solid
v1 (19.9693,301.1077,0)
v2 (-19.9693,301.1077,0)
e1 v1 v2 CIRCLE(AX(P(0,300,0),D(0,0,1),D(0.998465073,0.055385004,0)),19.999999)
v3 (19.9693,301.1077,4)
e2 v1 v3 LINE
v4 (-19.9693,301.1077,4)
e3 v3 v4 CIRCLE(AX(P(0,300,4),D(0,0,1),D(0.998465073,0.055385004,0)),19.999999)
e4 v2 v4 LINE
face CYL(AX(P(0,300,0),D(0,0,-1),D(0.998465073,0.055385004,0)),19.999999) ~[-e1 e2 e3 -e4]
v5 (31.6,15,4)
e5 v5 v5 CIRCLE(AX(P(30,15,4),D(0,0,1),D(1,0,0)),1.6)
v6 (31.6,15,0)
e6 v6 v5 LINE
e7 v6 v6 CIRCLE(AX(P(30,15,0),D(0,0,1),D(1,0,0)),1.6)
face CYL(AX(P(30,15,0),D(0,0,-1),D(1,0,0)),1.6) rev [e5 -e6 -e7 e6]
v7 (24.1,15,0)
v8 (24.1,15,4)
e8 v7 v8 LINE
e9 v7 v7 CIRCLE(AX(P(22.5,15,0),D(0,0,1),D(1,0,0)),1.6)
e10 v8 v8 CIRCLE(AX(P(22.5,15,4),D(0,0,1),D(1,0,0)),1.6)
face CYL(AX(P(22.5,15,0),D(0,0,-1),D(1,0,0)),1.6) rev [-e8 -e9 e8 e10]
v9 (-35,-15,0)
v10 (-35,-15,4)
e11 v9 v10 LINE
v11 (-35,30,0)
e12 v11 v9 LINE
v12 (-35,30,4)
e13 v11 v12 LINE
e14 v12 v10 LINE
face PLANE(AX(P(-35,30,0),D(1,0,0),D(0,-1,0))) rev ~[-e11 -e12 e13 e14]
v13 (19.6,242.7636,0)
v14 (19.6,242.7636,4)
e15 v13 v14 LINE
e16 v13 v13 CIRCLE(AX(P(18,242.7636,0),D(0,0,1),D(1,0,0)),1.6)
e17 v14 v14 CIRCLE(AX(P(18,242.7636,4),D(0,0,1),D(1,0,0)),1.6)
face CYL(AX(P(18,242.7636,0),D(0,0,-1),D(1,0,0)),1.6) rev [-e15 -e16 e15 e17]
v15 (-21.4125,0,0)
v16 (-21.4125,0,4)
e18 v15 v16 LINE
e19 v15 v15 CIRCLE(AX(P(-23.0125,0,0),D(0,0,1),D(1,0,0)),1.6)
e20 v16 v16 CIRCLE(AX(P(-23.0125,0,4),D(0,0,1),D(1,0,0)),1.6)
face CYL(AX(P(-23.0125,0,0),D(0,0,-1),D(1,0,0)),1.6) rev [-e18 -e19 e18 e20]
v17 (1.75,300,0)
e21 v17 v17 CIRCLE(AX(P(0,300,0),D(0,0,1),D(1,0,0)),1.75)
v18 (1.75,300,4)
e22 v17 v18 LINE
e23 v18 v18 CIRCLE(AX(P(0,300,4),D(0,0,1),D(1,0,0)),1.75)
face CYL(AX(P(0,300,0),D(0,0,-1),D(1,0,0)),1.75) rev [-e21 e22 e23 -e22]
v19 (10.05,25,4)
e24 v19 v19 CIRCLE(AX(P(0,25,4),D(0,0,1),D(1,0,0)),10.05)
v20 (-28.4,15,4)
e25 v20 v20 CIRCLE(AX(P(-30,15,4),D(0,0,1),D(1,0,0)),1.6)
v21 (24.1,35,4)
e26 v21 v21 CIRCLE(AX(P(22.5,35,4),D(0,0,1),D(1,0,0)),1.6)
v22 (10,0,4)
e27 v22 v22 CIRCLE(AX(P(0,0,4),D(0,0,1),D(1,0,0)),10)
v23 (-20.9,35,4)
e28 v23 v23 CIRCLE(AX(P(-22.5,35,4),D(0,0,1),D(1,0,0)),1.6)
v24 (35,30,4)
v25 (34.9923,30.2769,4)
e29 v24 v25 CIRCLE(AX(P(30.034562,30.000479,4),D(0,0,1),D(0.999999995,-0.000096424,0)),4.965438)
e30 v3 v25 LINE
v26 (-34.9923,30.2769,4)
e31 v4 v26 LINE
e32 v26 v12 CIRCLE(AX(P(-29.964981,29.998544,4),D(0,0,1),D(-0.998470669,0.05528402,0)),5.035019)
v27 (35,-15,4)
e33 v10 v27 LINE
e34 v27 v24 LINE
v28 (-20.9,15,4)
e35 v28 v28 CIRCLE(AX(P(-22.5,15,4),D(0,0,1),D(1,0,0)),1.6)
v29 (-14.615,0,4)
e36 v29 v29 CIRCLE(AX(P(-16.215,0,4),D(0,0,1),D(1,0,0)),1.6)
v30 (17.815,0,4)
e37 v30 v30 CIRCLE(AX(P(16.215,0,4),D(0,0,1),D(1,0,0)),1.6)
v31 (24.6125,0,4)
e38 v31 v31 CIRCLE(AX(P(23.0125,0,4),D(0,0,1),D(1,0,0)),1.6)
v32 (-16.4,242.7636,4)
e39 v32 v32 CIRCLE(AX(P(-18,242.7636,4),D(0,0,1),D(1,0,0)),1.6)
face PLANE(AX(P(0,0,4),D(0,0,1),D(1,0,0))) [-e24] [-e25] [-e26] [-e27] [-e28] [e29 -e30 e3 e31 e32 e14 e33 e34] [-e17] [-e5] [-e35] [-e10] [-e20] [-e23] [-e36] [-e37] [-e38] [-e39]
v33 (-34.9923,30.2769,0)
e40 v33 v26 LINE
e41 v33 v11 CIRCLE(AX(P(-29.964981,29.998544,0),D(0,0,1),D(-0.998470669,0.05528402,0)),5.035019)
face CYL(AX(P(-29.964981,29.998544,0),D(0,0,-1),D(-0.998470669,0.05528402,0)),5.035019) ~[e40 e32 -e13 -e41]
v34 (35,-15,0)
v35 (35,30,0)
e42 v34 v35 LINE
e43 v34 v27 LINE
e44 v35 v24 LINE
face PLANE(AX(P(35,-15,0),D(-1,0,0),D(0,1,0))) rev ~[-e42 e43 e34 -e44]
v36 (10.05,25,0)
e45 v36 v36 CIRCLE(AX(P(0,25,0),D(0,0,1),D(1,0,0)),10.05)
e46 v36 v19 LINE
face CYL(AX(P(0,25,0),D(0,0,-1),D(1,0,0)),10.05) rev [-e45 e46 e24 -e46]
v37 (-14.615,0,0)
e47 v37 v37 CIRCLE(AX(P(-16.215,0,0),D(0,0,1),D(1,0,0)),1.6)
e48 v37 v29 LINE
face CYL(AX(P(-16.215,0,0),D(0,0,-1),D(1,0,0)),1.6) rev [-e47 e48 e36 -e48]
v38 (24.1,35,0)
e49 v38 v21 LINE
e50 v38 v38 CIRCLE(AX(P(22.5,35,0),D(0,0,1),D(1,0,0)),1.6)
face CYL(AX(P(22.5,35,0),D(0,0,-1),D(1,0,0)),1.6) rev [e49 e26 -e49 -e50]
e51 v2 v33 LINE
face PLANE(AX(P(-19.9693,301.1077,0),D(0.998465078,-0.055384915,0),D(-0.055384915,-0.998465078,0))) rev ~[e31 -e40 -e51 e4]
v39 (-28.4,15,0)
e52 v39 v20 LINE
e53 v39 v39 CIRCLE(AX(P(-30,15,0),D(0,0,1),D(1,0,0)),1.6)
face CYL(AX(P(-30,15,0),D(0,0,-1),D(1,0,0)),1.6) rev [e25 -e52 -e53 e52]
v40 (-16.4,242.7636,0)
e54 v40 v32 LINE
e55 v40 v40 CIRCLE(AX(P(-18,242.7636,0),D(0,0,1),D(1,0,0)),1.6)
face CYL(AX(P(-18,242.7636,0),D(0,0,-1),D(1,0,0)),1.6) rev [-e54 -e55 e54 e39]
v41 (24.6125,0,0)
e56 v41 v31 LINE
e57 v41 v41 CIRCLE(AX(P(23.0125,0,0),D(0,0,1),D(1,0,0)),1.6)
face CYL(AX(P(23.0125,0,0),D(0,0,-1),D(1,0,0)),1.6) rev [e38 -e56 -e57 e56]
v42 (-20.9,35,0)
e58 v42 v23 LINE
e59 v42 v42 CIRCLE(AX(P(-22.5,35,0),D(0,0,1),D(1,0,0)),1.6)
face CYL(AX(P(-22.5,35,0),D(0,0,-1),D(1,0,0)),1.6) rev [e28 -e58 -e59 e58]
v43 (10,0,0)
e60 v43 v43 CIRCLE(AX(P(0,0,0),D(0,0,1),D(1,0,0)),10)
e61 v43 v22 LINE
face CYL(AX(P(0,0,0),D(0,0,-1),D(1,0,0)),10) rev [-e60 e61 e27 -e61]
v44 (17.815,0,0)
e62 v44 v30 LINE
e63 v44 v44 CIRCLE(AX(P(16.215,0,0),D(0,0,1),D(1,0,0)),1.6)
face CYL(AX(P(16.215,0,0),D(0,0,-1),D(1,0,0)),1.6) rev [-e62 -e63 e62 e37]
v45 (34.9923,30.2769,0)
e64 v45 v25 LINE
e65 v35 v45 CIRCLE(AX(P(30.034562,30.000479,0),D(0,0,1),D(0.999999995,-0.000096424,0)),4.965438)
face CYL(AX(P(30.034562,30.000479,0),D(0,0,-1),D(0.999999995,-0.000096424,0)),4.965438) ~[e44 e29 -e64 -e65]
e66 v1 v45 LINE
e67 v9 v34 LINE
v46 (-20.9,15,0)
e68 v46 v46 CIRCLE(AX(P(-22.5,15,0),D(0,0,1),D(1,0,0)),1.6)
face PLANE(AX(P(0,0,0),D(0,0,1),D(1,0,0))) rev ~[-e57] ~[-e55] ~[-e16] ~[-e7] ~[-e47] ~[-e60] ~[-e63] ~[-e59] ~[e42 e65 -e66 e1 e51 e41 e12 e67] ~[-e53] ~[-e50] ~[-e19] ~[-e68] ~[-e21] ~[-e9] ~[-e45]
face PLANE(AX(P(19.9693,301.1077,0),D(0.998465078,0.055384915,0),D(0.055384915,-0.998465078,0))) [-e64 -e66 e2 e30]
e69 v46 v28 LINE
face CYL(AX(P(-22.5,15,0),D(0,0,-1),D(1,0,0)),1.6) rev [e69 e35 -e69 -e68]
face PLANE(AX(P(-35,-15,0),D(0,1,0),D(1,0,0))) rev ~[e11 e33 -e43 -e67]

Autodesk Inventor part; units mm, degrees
ref_plane "YZ Plane" through (0, 0, 0) normal (1, 0, 0) x (0, 1, 0)
ref_plane "XZ Plane" through (0, 0, 0) normal (0, 1, 0) x (-1, 0, 0)
ref_plane "XY Plane" through (0, 0, 0) normal (0, 0, 1) x (1, 0, 0)
sketch "スケッチ1" plane through (0, 0, 0) normal (0, 0, 1) x (1, 0, 0)
  circle A0 centre (0, 0) radius 50 construction
  circle A1 centre (0, 25) radius 11.9375 construction
  circle A2 centre (0, 300) radius 5 construction
  circle A3 centre (0, 300) radius 47.7465 construction
  line L0 (47.4805, 294.9672) -> (13.1081, -29.3118) construction
  line L1 (-47.4611, 294.7873) -> (-11.8661, -29.3033) construction
  circle A4 centre (0, 25) radius 19.25 construction
  line L2 (-12.0776, 316.763) -> (11.6547, 316.763) construction
  line L3 (-22.6185, -92.0395) -> (22.1946, -92.0395) construction
  circle A5 centre (0, 300) radius 1.75
  arc A6 (35, 30) -> (34.9923, 30.2769) centre (30, 30) ccw
  arc A7 (-34.9923, 30.2769) -> (-35, 30) centre (-30, 30) ccw
  arc A8 (19.9693, 301.1077) -> (-19.9693, 301.1077) centre (0, 300) ccw
  line L4 (-19.9693, 301.1077) -> (-34.9923, 30.2769)
  line L5 (19.9693, 301.1077) -> (34.9923, 30.2769)
  line L6 (-35, 30) -> (-35, -15)
  line L7 (35, -15) -> (35, 30)
  circle A9 centre (-9.1924, 34.1924) radius 1.6 construction
  circle A10 centre (9.1924, 34.1924) radius 1.6 construction
  line L8 (9.1924, 34.1924) -> (-9.1924, 34.1924) construction
  line L9 (-9.1924, 34.1924) -> (-9.1924, 15.8076) construction
  line L10 (-9.1924, 15.8076) -> (9.1924, 15.8076) construction
  line L11 (9.1924, 15.8076) -> (9.1924, 34.1924) construction
  line L12 (9.1924, 34.1924) -> (-9.1924, 15.8076) construction
  line L13 (-9.1924, 34.1924) -> (9.1924, 15.8076) construction
  circle A11 centre (0, 25) radius 13 construction
  circle A12 centre (-9.1924, 15.8076) radius 1.6 construction
  circle A13 centre (9.1924, 15.8076) radius 1.6 construction
  circle A14 centre (0, 25) radius 10.05
  circle A15 centre (0, 0) radius 4 construction
  circle A16 centre (0, 0) radius 10
  line L14 (22.5, 35) -> (-22.5, 35) construction
  line L15 (-22.5, 35) -> (-22.5, 15) construction
  line L16 (-22.5, 15) -> (22.5, 15) construction
  line L17 (22.5, 15) -> (22.5, 35) construction
  line L18 (22.5, 35) -> (-22.5, 15) construction
  line L19 (-22.5, 35) -> (22.5, 15) construction
  circle A17 centre (-22.5, 35) radius 1.6
  circle A18 centre (-22.5, 15) radius 1.6
  circle A19 centre (22.5, 35) radius 1.6
  circle A20 centre (22.5, 15) radius 1.6
  circle A21 centre (0, 0) radius 16.215 construction
  circle A22 centre (0, 0) radius 23.0125 construction
  circle A23 centre (-23.0125, 0) radius 1.6
  circle A24 centre (-16.215, 0) radius 1.6
  circle A25 centre (16.215, 0) radius 1.6
  circle A26 centre (23.0125, 0) radius 1.6
  line L20 (-35, -15) -> (35, -15)
  line L21 (30, 30) -> (-30, 30) construction
  line L22 (-30, 30) -> (-30, -30) construction
  line L23 (-30, -30) -> (30, -30) construction
  line L24 (30, -30) -> (30, 30) construction
  line L25 (30, 30) -> (-30, -30) construction
  line L26 (-30, 30) -> (30, -30) construction
  circle A27 centre (-30, 15) radius 1.6
  circle A28 centre (30, 15) radius 1.6
  circle A29 centre (0, 300) radius 60 construction
  circle A30 centre (-18, 242.7636) radius 1.6
  circle A31 centre (18, 242.7636) radius 1.6
  dimension "d38" = 26
  dimension "d1" = 100
  dimension "d3" = 23.875
  dimension "d8" = 10
  dimension "d9" = 300
  dimension "d10" = 95.493
  dimension "d11" = 38.5
  dimension "d25" = 3.5
  dimension "d26" = 5
  dimension "d28" = 20
  dimension "d29" = 5
  dimension "d35" = 25
  dimension "d36" = 3.2
  dimension "d37" = 3.2
  dimension "d39" = 3.2
  dimension "d40" = 3.2
  dimension "d41" = 20.1
  dimension "d42" = 8
  dimension "d43" = 20
  dimension "d44" = 45
  dimension "d45" = 20
  dimension "d46" = 3.2
  dimension "d47" = 3.2
  dimension "d48" = 3.2
  dimension "d49" = 3.2
  dimension "d52" = 32.43
  dimension "d53" = 46.025
  dimension "d54" = 3.2
  dimension "d55" = 3.2
  dimension "d56" = 3.2
  dimension "d57" = 3.2
  dimension "d58" = 15
  dimension "d59" = 60
  dimension "d60" = 60
  dimension "d61" = 3.2
  dimension "d62" = 3.2
  dimension "d63" = 15
  dimension "d64" = 15
  dimension "d65" = 120
  dimension "d66" = 3.2
  dimension "d67" = 3.2
  dimension "d68" = 36
extrude "押し出し2" add sketch "スケッチ1" along normal blind 4
properties part number "関節3_側板2"
